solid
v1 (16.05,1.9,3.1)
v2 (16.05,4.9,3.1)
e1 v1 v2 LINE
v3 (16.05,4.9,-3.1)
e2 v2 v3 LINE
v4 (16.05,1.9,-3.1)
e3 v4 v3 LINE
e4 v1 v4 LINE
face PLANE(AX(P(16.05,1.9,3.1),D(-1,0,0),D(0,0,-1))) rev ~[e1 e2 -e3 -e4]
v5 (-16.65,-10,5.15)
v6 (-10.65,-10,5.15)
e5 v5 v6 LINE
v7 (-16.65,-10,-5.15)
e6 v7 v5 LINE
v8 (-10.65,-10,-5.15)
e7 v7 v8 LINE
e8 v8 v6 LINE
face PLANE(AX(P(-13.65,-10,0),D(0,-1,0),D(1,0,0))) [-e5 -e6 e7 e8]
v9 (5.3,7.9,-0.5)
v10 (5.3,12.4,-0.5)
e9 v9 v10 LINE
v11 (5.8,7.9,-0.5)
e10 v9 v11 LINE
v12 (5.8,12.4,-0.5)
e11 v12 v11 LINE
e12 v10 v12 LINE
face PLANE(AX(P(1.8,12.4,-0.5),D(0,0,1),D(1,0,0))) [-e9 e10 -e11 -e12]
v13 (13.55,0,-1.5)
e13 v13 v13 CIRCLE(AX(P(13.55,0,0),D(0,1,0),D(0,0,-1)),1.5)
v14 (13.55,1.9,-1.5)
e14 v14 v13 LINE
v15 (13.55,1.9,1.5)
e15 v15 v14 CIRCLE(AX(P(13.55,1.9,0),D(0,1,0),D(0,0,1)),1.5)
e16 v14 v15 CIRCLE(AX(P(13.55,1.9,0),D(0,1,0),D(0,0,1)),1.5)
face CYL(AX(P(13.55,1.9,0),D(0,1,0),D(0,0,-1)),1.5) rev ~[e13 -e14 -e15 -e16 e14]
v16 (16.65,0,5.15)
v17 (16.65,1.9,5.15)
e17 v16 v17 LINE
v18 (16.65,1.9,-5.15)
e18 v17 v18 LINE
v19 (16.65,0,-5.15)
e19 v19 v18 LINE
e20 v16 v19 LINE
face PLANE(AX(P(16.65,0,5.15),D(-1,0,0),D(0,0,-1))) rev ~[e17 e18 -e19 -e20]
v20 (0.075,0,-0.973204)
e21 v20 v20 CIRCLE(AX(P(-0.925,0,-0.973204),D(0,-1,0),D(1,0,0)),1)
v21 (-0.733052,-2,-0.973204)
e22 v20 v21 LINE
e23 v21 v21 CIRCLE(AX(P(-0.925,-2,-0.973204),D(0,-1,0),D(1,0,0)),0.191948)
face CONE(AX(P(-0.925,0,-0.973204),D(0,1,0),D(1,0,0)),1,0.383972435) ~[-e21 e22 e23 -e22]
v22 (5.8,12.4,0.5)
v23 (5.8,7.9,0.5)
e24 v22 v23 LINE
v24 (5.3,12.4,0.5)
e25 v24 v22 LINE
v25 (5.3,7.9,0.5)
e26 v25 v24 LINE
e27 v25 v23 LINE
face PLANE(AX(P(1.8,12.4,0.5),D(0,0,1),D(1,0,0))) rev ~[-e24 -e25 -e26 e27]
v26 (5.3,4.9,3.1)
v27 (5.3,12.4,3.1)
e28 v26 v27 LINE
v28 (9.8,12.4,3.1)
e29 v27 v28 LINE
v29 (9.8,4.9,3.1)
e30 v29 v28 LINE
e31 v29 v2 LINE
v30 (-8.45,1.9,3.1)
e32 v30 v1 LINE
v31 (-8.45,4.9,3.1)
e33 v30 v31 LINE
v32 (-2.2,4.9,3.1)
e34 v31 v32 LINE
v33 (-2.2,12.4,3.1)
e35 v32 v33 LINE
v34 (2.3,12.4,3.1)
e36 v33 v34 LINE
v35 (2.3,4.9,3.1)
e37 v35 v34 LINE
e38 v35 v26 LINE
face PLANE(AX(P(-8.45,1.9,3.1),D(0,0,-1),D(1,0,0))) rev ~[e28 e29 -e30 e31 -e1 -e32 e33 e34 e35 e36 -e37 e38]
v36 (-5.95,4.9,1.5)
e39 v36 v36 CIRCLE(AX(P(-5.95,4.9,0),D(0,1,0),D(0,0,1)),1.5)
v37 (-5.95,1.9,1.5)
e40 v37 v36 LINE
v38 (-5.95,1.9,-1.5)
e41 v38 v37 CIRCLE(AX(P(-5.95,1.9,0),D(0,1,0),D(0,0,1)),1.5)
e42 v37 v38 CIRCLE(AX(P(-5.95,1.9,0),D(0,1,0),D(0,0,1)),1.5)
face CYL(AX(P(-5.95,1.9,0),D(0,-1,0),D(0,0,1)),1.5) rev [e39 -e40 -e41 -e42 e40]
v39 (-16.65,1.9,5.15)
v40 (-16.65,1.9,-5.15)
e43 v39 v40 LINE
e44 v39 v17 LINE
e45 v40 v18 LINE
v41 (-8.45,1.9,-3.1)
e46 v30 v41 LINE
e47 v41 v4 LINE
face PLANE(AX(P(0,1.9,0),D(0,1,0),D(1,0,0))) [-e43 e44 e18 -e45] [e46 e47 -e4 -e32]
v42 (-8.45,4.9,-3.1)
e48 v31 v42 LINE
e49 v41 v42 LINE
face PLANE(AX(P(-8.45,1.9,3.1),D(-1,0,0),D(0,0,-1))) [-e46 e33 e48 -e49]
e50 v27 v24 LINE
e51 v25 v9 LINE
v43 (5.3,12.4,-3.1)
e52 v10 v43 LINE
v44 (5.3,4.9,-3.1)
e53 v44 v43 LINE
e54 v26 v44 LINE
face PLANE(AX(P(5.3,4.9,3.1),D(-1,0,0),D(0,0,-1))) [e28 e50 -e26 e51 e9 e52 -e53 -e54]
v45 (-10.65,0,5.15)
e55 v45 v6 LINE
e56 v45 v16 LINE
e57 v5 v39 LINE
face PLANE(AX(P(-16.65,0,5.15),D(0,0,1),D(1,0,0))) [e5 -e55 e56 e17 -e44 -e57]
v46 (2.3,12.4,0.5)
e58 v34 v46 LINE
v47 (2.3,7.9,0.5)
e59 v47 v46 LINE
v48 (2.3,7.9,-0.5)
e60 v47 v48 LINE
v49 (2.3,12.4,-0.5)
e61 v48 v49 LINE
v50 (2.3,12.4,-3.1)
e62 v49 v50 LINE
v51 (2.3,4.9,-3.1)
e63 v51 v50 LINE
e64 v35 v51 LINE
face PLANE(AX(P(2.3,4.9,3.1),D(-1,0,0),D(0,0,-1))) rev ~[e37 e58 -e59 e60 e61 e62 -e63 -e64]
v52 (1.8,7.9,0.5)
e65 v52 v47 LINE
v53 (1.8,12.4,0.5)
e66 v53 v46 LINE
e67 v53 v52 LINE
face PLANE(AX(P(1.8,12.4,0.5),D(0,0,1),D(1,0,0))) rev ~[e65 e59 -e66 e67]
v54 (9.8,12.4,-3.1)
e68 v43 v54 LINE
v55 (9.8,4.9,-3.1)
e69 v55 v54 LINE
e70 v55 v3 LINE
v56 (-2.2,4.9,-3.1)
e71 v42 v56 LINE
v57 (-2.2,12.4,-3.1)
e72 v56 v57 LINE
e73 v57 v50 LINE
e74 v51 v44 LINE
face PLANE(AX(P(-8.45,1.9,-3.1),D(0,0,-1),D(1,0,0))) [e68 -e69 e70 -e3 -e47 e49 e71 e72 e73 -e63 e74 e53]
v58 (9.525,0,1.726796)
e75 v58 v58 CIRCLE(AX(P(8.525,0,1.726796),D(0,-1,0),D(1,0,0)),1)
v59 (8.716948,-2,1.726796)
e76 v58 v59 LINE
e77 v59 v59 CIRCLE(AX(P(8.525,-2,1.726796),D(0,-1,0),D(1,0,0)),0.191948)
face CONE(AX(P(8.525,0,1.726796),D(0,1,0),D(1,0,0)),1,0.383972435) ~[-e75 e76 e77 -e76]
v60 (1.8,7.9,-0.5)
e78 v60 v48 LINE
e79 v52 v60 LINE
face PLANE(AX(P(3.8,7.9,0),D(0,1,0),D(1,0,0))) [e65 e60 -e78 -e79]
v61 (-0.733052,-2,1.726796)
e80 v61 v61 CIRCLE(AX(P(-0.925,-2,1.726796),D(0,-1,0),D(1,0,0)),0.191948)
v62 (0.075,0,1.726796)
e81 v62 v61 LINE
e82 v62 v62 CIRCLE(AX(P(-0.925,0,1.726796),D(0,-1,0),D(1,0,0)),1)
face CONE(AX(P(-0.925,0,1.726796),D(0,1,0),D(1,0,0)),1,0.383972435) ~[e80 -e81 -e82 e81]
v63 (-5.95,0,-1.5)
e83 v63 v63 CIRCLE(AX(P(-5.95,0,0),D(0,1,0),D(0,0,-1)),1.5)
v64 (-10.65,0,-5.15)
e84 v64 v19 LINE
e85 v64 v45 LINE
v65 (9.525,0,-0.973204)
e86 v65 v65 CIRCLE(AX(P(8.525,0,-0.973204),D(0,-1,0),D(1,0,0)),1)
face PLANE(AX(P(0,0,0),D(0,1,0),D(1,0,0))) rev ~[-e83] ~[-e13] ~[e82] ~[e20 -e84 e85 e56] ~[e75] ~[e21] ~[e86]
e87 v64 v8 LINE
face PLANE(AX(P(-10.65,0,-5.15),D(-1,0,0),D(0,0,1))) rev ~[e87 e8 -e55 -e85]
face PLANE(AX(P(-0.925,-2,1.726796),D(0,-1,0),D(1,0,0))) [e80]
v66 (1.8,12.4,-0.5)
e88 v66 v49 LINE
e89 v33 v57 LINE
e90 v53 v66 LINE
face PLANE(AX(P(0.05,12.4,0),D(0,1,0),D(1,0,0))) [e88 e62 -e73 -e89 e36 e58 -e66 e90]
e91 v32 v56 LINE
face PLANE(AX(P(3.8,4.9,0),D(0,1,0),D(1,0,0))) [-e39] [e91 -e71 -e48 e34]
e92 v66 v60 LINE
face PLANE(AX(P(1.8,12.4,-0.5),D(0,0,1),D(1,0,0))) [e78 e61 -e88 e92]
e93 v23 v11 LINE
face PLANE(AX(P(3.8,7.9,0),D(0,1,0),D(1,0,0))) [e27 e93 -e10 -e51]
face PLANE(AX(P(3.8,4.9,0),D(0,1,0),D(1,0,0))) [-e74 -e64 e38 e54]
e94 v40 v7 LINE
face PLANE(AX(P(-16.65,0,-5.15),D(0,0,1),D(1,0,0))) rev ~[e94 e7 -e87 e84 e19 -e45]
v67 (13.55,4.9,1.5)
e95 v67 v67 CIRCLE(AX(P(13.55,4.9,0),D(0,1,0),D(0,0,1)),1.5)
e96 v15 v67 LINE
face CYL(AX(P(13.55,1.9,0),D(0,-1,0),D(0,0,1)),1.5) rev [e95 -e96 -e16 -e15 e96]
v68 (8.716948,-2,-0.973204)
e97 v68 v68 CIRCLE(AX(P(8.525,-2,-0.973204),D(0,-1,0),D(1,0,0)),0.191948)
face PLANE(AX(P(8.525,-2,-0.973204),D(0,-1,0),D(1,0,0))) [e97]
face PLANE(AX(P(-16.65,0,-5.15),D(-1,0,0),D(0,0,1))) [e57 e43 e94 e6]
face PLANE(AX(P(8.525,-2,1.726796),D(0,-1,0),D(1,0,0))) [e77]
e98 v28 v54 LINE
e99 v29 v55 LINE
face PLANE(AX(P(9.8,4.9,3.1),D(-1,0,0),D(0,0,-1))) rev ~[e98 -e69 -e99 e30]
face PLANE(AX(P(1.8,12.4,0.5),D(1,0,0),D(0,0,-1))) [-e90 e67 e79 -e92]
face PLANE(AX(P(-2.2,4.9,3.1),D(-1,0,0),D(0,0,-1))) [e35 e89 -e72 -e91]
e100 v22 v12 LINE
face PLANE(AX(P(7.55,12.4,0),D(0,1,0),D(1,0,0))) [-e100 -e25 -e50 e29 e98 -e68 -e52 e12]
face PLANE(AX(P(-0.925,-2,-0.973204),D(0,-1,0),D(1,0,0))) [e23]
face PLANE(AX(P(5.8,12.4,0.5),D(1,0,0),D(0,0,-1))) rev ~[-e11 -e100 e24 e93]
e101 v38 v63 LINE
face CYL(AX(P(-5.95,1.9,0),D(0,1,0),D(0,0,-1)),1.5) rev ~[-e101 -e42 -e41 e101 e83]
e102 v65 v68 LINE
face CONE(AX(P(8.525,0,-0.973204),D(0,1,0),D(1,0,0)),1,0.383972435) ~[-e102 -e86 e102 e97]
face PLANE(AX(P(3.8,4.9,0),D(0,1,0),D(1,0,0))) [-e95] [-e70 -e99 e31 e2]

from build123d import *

# Parameters (mm, degrees)
SKETCH1_W                     = 33.3
SKETCH1_H                     = 10.3
BOSS_EXTRUDE1_DEPTH           = 1.9
SKETCH2_W                     = 24.5
SKETCH2_H                     = 6.2
SKETCH2_R                     = 1.5
BOSS_EXTRUDE2_DEPTH           = 3
SKETCH3_W                     = 4.5
SKETCH3_H                     = 6.2
BOSS_EXTRUDE3_DEPTH           = 7.5
SKETCH4_W                     = 6
SKETCH4_H                     = 10.3
BOSS_EXTRUDE4_DEPTH           = 10
SKETCH5_R                     = 1
BOSS_EXTRUDE5_DEPTH           = 2
BOSS_EXTRUDE5_DRAFT           = 22
BOSS_EXTRUDE5_PROFILE_2_DEPTH = 2
BOSS_EXTRUDE5_PROFILE_2_DRAFT = 22
BOSS_EXTRUDE5_PROFILE_3_DEPTH = 2
BOSS_EXTRUDE5_PROFILE_3_DRAFT = 22
BOSS_EXTRUDE5_PROFILE_4_DEPTH = 2
BOSS_EXTRUDE5_PROFILE_4_DRAFT = 22
SKETCH6_W                     = 4
SKETCH6_H                     = 1
CUT_EXTRUDE1_DEPTH            = 4.5
CUT_EXTRUDE2_REACH            = 23.103
SKETCH2_2_R                   = 1.5


with BuildPart() as part:
    # Sketch1 → Boss-Extrude1 (new body)
    with BuildSketch(Plane(origin=(0, 0, 0), x_dir=(1, 0, 0), z_dir=(0, 1, 0))):
        Rectangle(SKETCH1_W, SKETCH1_H)
    extrude(amount=BOSS_EXTRUDE1_DEPTH)

    # Sketch2 → Boss-Extrude2 (add)
    with BuildSketch(Plane(origin=(0, 1.9, 0), x_dir=(1, 0, 0), z_dir=(0, 1, 0))):
        with Locations((3.8, 0)):
            Rectangle(SKETCH2_W, SKETCH2_H)
        with Locations((-5.95, 0)):
            Circle(SKETCH2_R, mode=Mode.SUBTRACT)
        with Locations((13.55, 0)):
            Circle(SKETCH2_R, mode=Mode.SUBTRACT)
    extrude(amount=BOSS_EXTRUDE2_DEPTH)

    # Sketch3 → Boss-Extrude3 (add)
    with BuildSketch(Plane(origin=(0, 4.9, 0), x_dir=(1, 0, 0), z_dir=(0, 1, 0))):
        with Locations((0.05, 0)):
            Rectangle(SKETCH3_W, SKETCH3_H)
        with Locations((7.55, 0)):
            Rectangle(SKETCH3_W, SKETCH3_H)
    extrude(amount=BOSS_EXTRUDE3_DEPTH)

    # Sketch4 → Boss-Extrude4 (add)
    with BuildSketch(Plane.XZ):
        with Locations((-13.65, 0)):
            Rectangle(SKETCH4_W, SKETCH4_H)
    extrude(amount=BOSS_EXTRUDE4_DEPTH)


with BuildPart() as boss_extrude5_tool:
    # Sketch5 → Boss-Extrude5 (with draft: the straight prism first)
    with BuildSketch(Plane.XZ):
        with Locations((-0.925, 1.726795989)):
            Circle(SKETCH5_R)
    extrude(amount=BOSS_EXTRUDE5_DEPTH)
    # Boss-Extrude5: the draft: its side faces are tilted about the plane it starts from
    boss_extrude5_sides = [boss_extrude5_tool.faces().sort_by_distance(p)[0] for p in [
        (-1.925, -1, 1.726795989),
    ]]
    draft(boss_extrude5_sides, Plane.XZ, BOSS_EXTRUDE5_DRAFT)


with BuildPart() as part_1:
    add(part.part)

    # Boss-Extrude5: add boss_extrude5_tool
    add(boss_extrude5_tool.part)


with BuildPart() as boss_extrude5_profile_2_tool:
    # Sketch5 → Boss-Extrude5 profile 2 (with draft: the straight prism first)
    with BuildSketch(Plane.XZ):
        with Locations((-0.925, -0.973204011)):
            Circle(SKETCH5_R)
    extrude(amount=BOSS_EXTRUDE5_PROFILE_2_DEPTH)
    # Boss-Extrude5 profile 2: the draft: its side faces are tilted about the plane it starts from
    boss_extrude5_profile_2_sides = [boss_extrude5_profile_2_tool.faces().sort_by_distance(p)[0] for p in [
        (-1.925, -1, -0.973204011),
    ]]
    draft(boss_extrude5_profile_2_sides, Plane.XZ, BOSS_EXTRUDE5_PROFILE_2_DRAFT)


with BuildPart() as part_2:
    add(part_1.part)

    # Boss-Extrude5 profile 2: add boss_extrude5_profile_2_tool
    add(boss_extrude5_profile_2_tool.part)


with BuildPart() as boss_extrude5_profile_3_tool:
    # Sketch5 → Boss-Extrude5 profile 3 (with draft: the straight prism first)
    with BuildSketch(Plane.XZ):
        with Locations((8.525, -0.973204011)):
            Circle(SKETCH5_R)
    extrude(amount=BOSS_EXTRUDE5_PROFILE_3_DEPTH)
    # Boss-Extrude5 profile 3: the draft: its side faces are tilted about the plane it starts from
    boss_extrude5_profile_3_sides = [boss_extrude5_profile_3_tool.faces().sort_by_distance(p)[0] for p in [
        (7.525, -1, -0.973204011),
    ]]
    draft(boss_extrude5_profile_3_sides, Plane.XZ, BOSS_EXTRUDE5_PROFILE_3_DRAFT)


with BuildPart() as part_3:
    add(part_2.part)

    # Boss-Extrude5 profile 3: add boss_extrude5_profile_3_tool
    add(boss_extrude5_profile_3_tool.part)


with BuildPart() as boss_extrude5_profile_4_tool:
    # Sketch5 → Boss-Extrude5 profile 4 (with draft: the straight prism first)
    with BuildSketch(Plane.XZ):
        with Locations((8.525, 1.726795989)):
            Circle(SKETCH5_R)
    extrude(amount=BOSS_EXTRUDE5_PROFILE_4_DEPTH)
    # Boss-Extrude5 profile 4: the draft: its side faces are tilted about the plane it starts from
    boss_extrude5_profile_4_sides = [boss_extrude5_profile_4_tool.faces().sort_by_distance(p)[0] for p in [
        (7.525, -1, 1.726795989),
    ]]
    draft(boss_extrude5_profile_4_sides, Plane.XZ, BOSS_EXTRUDE5_PROFILE_4_DRAFT)


with BuildPart() as part_4:
    add(part_3.part)

    # Boss-Extrude5 profile 4: add boss_extrude5_profile_4_tool
    add(boss_extrude5_profile_4_tool.part)

    # Sketch6 → Cut-Extrude1 (cut)
    with BuildSketch(Plane(origin=(0, 12.4, 0), x_dir=(1, 0, 0), z_dir=(0, 1, 0))):
        with Locations((3.8, 0)):
            Rectangle(SKETCH6_W, SKETCH6_H)
    extrude(amount=-CUT_EXTRUDE1_DEPTH, mode=Mode.SUBTRACT)

    # Sketch2<2> → Cut-Extrude2 (cut, up to next)
    with BuildSketch(Plane(origin=(0, 1.9, 0), x_dir=(1, 0, 0), z_dir=(0, 1, 0)), mode=Mode.PRIVATE) as cut_extrude2_sk1:
        with Locations((-5.95, 0)):
            Circle(SKETCH2_2_R)
    cut_extrude2_tool1 = extrude(cut_extrude2_sk1.sketch, amount=-CUT_EXTRUDE2_REACH, mode=Mode.PRIVATE) & part_4.part
    # Sketch2<2> → Cut-Extrude2 (cut, up to next)
    with BuildSketch(Plane(origin=(0, 1.9, 0), x_dir=(1, 0, 0), z_dir=(0, 1, 0)), mode=Mode.PRIVATE) as cut_extrude2_sk2:
        with Locations((13.55, 0)):
            Circle(SKETCH2_2_R)
    cut_extrude2_tool2 = extrude(cut_extrude2_sk2.sketch, amount=-CUT_EXTRUDE2_REACH, mode=Mode.PRIVATE) & part_4.part
    add(cut_extrude2_tool1.solids().sort_by_distance((-5.95, 1.9, 0))[0], mode=Mode.SUBTRACT)
    add(cut_extrude2_tool2.solids().sort_by_distance((13.55, 1.9, 0))[0], mode=Mode.SUBTRACT)


solid = part_4.part
